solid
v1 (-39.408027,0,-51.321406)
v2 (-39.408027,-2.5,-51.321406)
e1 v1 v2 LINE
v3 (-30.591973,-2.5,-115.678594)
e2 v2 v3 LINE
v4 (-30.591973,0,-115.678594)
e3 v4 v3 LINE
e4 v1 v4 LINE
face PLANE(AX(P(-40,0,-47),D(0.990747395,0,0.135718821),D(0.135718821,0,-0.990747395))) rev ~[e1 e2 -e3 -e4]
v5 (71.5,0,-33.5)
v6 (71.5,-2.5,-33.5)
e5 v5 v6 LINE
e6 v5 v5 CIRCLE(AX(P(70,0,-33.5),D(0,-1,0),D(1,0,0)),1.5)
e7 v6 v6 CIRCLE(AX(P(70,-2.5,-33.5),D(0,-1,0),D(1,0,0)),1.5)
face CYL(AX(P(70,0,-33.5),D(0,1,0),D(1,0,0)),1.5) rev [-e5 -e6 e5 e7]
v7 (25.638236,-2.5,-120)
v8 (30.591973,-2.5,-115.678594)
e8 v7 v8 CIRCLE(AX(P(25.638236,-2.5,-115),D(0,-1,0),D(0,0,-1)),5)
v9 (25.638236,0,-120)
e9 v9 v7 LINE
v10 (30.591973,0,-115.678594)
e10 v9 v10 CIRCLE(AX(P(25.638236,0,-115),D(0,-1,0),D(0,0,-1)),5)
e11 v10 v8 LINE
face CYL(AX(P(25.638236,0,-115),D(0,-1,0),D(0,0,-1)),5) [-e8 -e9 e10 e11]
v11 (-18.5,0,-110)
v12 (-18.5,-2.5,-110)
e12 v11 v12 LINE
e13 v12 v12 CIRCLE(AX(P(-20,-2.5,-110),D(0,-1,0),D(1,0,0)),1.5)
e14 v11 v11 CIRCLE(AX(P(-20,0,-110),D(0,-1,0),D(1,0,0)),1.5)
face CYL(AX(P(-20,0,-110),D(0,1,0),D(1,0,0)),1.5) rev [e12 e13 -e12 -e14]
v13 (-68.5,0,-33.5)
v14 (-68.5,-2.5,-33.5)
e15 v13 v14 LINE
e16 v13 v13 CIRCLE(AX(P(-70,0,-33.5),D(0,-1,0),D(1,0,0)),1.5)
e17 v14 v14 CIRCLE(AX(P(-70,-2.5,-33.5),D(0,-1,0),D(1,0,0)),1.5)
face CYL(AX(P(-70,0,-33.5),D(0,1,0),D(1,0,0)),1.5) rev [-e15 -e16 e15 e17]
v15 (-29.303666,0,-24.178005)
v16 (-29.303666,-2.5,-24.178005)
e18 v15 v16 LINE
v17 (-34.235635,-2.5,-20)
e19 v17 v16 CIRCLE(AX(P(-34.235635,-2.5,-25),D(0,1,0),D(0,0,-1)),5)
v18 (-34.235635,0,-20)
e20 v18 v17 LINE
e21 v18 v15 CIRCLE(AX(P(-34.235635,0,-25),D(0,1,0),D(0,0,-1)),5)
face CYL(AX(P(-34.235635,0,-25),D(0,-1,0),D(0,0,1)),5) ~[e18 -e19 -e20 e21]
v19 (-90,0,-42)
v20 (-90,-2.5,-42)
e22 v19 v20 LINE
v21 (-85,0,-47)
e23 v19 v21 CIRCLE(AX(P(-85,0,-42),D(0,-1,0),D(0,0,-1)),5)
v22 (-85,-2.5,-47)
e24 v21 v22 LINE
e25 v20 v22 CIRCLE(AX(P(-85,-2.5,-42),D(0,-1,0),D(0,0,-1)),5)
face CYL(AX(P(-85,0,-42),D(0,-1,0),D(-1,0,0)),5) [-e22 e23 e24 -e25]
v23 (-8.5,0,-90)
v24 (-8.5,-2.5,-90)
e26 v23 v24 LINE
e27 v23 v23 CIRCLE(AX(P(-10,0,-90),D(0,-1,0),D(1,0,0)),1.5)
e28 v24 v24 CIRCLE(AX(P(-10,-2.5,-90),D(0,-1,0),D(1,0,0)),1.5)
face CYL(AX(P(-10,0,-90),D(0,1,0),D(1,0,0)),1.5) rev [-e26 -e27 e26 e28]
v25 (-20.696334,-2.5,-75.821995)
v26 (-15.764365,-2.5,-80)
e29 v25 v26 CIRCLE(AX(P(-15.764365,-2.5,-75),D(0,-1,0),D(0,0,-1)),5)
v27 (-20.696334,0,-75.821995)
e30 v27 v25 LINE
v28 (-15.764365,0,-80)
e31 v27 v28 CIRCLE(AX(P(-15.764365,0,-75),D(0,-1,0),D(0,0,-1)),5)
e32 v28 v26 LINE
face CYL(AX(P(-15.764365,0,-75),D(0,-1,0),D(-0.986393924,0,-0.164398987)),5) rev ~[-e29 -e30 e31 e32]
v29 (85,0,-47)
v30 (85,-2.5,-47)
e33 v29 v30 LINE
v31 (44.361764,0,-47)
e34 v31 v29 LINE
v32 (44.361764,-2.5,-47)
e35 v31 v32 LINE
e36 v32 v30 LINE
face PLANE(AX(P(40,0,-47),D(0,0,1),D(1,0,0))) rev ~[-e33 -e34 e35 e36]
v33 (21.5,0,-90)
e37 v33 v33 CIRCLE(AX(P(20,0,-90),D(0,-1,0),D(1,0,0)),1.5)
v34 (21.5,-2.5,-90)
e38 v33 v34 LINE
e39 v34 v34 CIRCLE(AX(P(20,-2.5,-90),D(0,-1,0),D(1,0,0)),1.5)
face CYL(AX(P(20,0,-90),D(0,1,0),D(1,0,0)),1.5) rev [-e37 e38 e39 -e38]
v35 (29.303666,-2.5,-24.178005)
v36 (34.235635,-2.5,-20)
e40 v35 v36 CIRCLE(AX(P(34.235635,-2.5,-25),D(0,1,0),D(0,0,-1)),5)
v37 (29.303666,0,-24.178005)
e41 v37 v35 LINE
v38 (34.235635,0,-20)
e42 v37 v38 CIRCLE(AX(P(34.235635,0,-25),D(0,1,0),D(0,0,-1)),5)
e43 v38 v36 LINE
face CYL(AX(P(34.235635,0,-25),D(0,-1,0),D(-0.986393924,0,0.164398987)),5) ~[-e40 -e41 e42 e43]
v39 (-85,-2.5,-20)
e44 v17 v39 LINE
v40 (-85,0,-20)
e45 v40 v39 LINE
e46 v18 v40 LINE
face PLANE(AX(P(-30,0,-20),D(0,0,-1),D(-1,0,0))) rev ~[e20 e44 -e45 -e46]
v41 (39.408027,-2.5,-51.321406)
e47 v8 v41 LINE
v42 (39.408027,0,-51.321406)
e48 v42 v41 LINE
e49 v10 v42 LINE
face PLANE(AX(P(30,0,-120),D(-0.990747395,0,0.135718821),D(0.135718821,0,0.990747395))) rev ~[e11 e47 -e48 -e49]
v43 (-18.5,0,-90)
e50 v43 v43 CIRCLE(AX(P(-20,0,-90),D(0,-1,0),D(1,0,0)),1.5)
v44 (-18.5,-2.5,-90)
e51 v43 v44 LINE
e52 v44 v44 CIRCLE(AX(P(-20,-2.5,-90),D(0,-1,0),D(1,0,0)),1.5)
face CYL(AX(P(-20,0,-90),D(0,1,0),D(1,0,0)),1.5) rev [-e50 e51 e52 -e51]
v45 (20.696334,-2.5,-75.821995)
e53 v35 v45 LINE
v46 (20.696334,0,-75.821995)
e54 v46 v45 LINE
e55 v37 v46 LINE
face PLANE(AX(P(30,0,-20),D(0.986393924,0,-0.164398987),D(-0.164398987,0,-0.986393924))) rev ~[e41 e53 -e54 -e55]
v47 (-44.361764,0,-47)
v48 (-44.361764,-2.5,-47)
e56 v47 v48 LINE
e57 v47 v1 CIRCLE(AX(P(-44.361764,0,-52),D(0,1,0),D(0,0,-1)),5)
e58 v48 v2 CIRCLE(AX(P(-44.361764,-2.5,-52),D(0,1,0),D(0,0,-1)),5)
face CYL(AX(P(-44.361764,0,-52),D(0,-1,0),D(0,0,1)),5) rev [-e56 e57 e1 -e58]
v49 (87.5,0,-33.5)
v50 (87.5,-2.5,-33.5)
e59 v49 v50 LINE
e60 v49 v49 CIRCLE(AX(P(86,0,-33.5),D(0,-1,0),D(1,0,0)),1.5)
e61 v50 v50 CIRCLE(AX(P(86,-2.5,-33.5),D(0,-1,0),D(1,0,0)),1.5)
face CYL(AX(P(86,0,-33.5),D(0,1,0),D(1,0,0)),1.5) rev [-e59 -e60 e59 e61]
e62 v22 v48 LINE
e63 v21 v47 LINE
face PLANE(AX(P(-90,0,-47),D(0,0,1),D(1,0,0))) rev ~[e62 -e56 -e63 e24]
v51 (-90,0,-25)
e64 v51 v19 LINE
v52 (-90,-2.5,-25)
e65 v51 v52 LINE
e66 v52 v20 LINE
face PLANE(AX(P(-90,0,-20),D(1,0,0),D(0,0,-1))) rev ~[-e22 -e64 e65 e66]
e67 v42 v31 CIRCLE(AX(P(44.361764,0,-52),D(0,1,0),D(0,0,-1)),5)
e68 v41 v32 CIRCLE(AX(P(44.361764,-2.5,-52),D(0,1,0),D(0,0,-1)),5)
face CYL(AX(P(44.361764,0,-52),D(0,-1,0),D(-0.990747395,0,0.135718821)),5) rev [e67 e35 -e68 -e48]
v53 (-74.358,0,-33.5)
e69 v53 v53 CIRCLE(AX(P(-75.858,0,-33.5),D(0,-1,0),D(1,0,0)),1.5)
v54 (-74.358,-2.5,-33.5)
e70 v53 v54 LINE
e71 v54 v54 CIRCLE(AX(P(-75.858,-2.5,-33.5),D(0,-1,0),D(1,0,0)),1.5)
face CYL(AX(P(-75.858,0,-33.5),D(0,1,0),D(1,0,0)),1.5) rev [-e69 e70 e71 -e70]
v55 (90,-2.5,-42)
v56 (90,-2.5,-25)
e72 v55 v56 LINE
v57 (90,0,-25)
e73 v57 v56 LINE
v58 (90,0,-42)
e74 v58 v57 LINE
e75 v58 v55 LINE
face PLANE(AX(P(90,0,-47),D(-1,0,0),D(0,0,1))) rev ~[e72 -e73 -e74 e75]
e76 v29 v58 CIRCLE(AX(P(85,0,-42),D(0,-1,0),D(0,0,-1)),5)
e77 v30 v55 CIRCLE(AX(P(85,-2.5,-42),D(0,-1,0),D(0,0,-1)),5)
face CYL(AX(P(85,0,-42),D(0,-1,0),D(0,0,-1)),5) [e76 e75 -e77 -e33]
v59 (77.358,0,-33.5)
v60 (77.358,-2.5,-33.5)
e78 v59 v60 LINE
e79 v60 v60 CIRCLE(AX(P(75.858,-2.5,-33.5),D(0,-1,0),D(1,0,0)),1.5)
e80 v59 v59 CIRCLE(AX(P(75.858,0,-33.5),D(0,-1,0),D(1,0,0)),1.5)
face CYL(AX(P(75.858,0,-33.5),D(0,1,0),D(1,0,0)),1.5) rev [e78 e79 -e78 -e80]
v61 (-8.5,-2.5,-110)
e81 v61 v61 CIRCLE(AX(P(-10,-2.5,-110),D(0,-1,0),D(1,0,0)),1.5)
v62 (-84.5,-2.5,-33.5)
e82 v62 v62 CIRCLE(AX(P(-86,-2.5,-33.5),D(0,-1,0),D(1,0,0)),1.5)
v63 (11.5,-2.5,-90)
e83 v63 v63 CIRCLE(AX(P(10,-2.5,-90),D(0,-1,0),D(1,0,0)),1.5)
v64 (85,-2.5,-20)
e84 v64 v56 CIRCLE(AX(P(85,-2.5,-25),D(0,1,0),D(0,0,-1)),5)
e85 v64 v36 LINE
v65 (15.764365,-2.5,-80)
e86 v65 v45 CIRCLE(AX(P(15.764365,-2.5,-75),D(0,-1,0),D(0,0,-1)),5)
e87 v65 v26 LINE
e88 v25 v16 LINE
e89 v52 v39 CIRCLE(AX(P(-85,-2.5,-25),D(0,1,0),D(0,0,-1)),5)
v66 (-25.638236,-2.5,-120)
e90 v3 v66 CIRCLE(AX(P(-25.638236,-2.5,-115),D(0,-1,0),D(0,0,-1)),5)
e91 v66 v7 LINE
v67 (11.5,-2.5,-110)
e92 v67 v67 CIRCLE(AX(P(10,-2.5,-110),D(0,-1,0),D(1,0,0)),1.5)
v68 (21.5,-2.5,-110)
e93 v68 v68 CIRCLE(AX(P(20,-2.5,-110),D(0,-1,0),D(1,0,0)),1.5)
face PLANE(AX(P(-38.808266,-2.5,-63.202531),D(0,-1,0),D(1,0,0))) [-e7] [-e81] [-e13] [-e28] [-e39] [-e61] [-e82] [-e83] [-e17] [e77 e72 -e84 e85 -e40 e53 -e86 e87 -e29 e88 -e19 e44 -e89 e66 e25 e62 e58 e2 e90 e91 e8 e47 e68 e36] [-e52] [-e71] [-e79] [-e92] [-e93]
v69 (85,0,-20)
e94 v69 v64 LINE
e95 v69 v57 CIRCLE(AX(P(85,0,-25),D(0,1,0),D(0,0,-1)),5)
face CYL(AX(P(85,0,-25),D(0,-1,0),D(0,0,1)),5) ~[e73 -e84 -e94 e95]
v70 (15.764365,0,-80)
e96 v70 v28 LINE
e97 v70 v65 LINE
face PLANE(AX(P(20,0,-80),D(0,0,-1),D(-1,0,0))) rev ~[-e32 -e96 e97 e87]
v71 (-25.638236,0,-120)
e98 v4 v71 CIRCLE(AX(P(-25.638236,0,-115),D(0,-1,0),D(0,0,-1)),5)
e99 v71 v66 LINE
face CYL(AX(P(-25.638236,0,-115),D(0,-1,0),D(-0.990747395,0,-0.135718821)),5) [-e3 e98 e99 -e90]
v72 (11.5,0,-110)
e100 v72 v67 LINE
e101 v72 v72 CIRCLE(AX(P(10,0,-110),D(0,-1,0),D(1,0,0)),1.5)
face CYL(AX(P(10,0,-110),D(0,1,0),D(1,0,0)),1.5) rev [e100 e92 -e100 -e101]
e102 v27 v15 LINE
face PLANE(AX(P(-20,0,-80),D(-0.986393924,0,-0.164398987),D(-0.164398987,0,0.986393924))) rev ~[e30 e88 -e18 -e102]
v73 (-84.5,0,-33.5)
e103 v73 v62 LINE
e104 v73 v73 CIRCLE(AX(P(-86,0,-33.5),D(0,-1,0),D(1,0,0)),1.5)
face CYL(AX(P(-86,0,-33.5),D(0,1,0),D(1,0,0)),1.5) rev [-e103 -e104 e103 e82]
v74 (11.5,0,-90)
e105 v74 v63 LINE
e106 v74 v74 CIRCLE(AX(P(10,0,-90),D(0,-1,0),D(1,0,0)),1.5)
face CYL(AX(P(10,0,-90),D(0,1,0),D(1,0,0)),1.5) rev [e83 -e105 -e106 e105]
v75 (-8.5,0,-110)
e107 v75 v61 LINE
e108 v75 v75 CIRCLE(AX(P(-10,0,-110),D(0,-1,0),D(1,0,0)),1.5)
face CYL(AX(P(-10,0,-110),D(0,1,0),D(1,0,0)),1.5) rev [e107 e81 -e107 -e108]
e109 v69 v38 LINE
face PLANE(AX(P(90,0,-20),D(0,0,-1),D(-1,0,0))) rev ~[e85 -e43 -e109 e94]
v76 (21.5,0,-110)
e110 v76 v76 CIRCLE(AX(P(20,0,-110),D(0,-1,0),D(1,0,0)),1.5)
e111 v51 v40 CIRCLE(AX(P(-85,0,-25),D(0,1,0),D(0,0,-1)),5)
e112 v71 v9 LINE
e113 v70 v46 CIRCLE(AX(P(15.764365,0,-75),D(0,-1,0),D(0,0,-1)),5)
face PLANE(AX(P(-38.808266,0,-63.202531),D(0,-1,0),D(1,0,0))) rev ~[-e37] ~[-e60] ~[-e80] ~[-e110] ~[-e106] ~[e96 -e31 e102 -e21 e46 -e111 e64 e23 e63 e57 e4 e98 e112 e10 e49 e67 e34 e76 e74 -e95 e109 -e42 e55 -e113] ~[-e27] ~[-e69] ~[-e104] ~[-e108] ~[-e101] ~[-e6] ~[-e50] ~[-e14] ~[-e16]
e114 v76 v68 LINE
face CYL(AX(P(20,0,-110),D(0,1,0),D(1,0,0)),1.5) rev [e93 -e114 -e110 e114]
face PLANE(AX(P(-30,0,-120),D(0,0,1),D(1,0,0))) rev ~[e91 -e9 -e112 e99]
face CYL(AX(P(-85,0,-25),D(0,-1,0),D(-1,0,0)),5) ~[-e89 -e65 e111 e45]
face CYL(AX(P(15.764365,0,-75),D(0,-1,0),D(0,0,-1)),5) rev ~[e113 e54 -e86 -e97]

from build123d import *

# Parameters (mm, degrees)
F0_R     = 1.5
F1_DEPTH = 2.5
F2_R     = 5


with BuildPart() as f1:
    # F0 (on Front) → F1 (new body)
    with BuildSketch(Plane.XZ):
        Polygon((-90, -20), (-90, -33.5), (-90, -47), (-40, -47), (-30, -120), (0, -120), (0, -80), (-20, -80), (-30, -20), align=None)
        with Locations((-20, -110)):
            Circle(F0_R, mode=Mode.SUBTRACT)
        with Locations((-10, -110)):
            Circle(F0_R, mode=Mode.SUBTRACT)
        with Locations((-20, -90)):
            Circle(F0_R, mode=Mode.SUBTRACT)
        with Locations((-10, -90)):
            Circle(F0_R, mode=Mode.SUBTRACT)
        with Locations((-86, -33.5)):
            Circle(F0_R, mode=Mode.SUBTRACT)
        with Locations((-75.858, -33.5)):
            Circle(F0_R, mode=Mode.SUBTRACT)
        with Locations((-70, -33.5)):
            Circle(F0_R, mode=Mode.SUBTRACT)
        Polygon((0, -80), (0, -120), (30, -120), (40, -47), (90, -47), (90, -33.5), (90, -20), (30, -20), (20, -80), align=None)
        with Locations((10, -110)):
            Circle(F0_R, mode=Mode.SUBTRACT)
        with Locations((20, -110)):
            Circle(F0_R, mode=Mode.SUBTRACT)
        with Locations((10, -90)):
            Circle(F0_R, mode=Mode.SUBTRACT)
        with Locations((20, -90)):
            Circle(F0_R, mode=Mode.SUBTRACT)
        with Locations((70, -33.5)):
            Circle(F0_R, mode=Mode.SUBTRACT)
        with Locations((75.858, -33.5)):
            Circle(F0_R, mode=Mode.SUBTRACT)
        with Locations((86, -33.5)):
            Circle(F0_R, mode=Mode.SUBTRACT)
    extrude(amount=F1_DEPTH)

    # F2
    f2_edges = [f1.edges().sort_by_distance(p)[0] for p in [
        (-90, -1.25, -20),
        (-90, -1.25, -47),
        (-40, -1.25, -47),
        (-30, -1.25, -120),
        (30, -1.25, -120),
        (40, -1.25, -47),
        (90, -1.25, -47),
        (-30, -1.25, -20),
        (-20, -1.25, -80),
        (30, -1.25, -20),
        (20, -1.25, -80),
        (90, -1.25, -20),
    ]]
    fillet(f2_edges, radius=F2_R)


solid = f1.part
